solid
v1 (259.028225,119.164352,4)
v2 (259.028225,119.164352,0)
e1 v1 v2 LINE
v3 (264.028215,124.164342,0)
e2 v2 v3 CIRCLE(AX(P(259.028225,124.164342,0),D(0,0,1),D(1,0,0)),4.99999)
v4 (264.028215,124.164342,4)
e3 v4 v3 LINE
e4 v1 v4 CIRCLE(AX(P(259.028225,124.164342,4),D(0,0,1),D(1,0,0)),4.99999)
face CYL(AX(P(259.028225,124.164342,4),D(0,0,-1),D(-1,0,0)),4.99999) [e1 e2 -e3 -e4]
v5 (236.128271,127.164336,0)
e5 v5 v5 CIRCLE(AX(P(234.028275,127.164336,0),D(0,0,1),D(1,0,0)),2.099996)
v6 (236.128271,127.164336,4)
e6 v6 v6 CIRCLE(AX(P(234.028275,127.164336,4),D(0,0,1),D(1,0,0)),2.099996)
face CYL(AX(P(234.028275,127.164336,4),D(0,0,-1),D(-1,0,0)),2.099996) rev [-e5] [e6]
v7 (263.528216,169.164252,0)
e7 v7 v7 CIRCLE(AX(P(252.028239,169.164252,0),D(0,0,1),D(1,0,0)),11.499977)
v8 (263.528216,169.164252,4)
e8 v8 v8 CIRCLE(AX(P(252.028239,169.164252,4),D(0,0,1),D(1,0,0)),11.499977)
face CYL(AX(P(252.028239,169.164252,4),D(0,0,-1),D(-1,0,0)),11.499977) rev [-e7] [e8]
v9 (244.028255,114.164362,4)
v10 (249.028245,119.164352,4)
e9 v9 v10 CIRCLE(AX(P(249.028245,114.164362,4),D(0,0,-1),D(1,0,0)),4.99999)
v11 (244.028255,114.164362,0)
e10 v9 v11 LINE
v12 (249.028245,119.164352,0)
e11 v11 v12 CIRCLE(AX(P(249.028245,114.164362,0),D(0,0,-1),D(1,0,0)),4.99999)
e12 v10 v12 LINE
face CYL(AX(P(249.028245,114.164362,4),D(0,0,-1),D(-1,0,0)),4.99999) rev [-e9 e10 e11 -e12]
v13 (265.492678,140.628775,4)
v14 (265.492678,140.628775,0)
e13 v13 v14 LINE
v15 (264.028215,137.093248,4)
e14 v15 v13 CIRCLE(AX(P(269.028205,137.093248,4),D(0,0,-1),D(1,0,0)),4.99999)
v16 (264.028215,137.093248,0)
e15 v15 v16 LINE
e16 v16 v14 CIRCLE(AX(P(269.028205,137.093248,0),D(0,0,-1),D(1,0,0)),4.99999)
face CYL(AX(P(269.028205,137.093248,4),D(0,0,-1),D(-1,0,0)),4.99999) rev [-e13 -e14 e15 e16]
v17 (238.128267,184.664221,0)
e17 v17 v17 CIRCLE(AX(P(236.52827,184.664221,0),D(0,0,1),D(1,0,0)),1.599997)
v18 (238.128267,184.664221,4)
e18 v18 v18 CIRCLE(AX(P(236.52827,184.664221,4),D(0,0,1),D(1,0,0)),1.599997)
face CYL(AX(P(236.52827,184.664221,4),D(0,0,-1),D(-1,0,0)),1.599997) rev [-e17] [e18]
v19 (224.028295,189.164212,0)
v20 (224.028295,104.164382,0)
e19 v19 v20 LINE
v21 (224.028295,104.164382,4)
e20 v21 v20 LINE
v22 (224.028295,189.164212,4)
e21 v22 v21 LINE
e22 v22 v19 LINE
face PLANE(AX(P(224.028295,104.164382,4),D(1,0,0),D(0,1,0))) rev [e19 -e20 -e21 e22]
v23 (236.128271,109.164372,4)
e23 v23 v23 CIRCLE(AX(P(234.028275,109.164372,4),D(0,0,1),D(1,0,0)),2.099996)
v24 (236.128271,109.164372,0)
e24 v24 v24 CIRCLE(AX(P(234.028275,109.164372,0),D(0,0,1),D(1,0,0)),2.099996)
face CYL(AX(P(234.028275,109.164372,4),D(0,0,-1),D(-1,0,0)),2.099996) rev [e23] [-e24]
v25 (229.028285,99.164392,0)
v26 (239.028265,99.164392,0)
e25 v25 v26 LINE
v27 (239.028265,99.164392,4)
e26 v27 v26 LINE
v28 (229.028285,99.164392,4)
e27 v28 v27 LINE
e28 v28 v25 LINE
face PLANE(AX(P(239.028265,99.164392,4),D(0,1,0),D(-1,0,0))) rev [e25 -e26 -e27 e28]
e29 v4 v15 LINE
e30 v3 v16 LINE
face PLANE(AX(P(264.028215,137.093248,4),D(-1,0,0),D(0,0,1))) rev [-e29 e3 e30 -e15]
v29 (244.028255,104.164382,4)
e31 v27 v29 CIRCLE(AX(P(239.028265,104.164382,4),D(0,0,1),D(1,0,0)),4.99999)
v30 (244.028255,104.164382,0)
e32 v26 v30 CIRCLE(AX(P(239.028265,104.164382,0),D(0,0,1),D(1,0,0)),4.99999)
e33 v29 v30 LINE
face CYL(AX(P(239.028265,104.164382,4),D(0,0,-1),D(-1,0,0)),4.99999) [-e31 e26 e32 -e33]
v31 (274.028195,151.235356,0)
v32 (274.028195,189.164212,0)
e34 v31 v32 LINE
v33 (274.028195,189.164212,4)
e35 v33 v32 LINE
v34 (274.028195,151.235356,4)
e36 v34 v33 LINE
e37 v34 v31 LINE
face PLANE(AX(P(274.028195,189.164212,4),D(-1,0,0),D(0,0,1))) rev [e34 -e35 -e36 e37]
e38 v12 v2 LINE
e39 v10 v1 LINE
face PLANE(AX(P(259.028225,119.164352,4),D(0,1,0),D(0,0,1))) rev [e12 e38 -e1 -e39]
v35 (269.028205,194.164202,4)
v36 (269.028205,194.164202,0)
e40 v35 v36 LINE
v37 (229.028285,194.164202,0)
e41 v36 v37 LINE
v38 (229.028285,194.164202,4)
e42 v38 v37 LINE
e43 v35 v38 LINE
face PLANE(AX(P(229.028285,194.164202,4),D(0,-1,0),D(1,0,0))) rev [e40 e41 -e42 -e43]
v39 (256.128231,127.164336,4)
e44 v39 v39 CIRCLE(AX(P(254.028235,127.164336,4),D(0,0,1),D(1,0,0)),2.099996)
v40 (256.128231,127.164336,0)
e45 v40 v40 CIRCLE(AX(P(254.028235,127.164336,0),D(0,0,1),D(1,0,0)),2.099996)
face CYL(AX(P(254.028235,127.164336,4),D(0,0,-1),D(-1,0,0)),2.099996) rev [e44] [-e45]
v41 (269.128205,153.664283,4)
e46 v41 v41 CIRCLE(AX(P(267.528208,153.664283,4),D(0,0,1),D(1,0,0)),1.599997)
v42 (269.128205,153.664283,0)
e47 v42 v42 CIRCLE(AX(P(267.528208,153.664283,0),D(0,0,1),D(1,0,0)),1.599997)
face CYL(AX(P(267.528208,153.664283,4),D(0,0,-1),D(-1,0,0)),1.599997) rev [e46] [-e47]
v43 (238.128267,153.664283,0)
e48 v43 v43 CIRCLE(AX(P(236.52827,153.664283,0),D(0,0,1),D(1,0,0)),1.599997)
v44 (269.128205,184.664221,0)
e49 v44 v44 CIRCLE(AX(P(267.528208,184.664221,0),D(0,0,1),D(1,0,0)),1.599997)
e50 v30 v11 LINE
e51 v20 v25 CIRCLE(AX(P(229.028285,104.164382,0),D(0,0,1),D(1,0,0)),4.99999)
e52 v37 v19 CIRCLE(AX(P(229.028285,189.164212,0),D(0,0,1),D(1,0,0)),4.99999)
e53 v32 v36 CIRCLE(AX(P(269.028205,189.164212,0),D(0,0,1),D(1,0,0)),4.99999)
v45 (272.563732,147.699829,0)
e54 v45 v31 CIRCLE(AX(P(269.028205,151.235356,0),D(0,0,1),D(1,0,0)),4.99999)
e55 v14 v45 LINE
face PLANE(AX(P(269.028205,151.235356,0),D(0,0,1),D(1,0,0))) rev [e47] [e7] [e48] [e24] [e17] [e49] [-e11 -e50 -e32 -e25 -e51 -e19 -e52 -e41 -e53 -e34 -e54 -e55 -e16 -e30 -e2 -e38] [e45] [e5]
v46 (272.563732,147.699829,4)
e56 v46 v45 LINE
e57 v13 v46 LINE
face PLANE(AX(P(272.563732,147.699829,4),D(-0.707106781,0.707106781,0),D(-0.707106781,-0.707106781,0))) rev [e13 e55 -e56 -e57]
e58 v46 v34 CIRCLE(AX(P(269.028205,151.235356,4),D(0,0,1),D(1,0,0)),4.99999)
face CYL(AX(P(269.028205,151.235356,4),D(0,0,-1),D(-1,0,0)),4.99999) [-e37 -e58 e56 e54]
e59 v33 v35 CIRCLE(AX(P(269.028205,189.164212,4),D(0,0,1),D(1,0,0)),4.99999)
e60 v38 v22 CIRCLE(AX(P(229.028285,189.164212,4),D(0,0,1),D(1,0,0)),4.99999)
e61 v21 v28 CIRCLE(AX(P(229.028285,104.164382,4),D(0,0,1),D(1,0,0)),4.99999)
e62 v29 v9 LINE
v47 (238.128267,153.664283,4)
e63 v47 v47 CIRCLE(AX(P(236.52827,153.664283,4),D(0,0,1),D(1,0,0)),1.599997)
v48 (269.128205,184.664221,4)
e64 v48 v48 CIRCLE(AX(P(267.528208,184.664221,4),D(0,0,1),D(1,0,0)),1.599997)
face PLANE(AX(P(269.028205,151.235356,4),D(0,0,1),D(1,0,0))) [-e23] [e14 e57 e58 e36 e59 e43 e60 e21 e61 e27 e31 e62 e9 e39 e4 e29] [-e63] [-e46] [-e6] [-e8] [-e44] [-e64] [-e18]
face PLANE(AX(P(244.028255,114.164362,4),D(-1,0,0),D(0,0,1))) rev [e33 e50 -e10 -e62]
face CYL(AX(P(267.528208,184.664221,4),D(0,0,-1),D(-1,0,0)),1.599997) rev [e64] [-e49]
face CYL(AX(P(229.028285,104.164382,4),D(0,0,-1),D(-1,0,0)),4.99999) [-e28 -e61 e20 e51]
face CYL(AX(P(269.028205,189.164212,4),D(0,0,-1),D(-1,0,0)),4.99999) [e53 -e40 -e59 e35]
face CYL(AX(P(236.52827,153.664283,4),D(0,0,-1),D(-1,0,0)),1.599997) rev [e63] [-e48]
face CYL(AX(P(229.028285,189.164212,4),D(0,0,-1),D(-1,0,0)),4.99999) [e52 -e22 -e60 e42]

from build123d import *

# Parameters (mm, degrees)
MODEL_R         = 1.5999968
MODEL_R_2       = 2.0999958
MODEL_R_3       = 11.499977
EXTRUDE_1_DEPTH = 4


with BuildPart() as part:
    # Model → Бобышка-Вытянуть1 (new body)
    with BuildSketch(Plane.XY):
        with BuildLine():
            Line((274.028195208, 189.164211852), (274.028195208, 151.235355522))
            ThreePointArc((274.028195208, 151.235355522), (273.647593631, 149.321942187), (272.563732042, 147.699828687))
            Line((272.563732042, 147.699828687), (265.492678373, 140.628775017))
            ThreePointArc((265.492678373, 140.628775017), (264.408816784, 139.006661518), (264.028215208, 137.093248183))
            Line((264.028215208, 137.093248183), (264.028215208, 124.164341852))
            ThreePointArc((264.028215208, 124.164341852), (262.563752042, 120.628815017), (259.028225208, 119.164351852))
            Line((259.028225208, 119.164351852), (249.028245208, 119.164351852))
            ThreePointArc((249.028245208, 119.164351852), (245.492718373, 117.699888687), (244.028255208, 114.164361852))
            Line((244.028255208, 114.164361852), (244.028255208, 104.164381852))
            ThreePointArc((244.028255208, 104.164381852), (242.563792042, 100.628855017), (239.028265208, 99.164391852))
            Line((239.028265208, 99.164391852), (229.028285208, 99.164391852))
            ThreePointArc((229.028285208, 99.164391852), (225.492758373, 100.628855017), (224.028295208, 104.164381852))
            Line((224.028295208, 104.164381852), (224.028295208, 189.164211852))
            ThreePointArc((224.028295208, 189.164211852), (225.492758373, 192.699738687), (229.028285208, 194.164201852))
            Line((229.028285208, 194.164201852), (269.028205208, 194.164201852))
            ThreePointArc((269.028205208, 194.164201852), (272.563732043, 192.699738687), (274.028195208, 189.164211852))
        make_face()
        with Locations((267.528208208, 184.664220852)):
            Circle(MODEL_R, mode=Mode.SUBTRACT)
        with Locations((267.528208208, 153.664282852)):
            Circle(MODEL_R, mode=Mode.SUBTRACT)
        with Locations((236.528270208, 153.664282852)):
            Circle(MODEL_R, mode=Mode.SUBTRACT)
        with Locations((236.528270208, 184.664220852)):
            Circle(MODEL_R, mode=Mode.SUBTRACT)
        with Locations((254.028235208, 127.164335852)):
            Circle(MODEL_R_2, mode=Mode.SUBTRACT)
        with Locations((234.028275208, 127.164335852)):
            Circle(MODEL_R_2, mode=Mode.SUBTRACT)
        with Locations((234.028275208, 109.164371852)):
            Circle(MODEL_R_2, mode=Mode.SUBTRACT)
        with Locations((252.028239208, 169.164251852)):
            Circle(MODEL_R_3, mode=Mode.SUBTRACT)
    extrude(amount=EXTRUDE_1_DEPTH)


solid = part.part
